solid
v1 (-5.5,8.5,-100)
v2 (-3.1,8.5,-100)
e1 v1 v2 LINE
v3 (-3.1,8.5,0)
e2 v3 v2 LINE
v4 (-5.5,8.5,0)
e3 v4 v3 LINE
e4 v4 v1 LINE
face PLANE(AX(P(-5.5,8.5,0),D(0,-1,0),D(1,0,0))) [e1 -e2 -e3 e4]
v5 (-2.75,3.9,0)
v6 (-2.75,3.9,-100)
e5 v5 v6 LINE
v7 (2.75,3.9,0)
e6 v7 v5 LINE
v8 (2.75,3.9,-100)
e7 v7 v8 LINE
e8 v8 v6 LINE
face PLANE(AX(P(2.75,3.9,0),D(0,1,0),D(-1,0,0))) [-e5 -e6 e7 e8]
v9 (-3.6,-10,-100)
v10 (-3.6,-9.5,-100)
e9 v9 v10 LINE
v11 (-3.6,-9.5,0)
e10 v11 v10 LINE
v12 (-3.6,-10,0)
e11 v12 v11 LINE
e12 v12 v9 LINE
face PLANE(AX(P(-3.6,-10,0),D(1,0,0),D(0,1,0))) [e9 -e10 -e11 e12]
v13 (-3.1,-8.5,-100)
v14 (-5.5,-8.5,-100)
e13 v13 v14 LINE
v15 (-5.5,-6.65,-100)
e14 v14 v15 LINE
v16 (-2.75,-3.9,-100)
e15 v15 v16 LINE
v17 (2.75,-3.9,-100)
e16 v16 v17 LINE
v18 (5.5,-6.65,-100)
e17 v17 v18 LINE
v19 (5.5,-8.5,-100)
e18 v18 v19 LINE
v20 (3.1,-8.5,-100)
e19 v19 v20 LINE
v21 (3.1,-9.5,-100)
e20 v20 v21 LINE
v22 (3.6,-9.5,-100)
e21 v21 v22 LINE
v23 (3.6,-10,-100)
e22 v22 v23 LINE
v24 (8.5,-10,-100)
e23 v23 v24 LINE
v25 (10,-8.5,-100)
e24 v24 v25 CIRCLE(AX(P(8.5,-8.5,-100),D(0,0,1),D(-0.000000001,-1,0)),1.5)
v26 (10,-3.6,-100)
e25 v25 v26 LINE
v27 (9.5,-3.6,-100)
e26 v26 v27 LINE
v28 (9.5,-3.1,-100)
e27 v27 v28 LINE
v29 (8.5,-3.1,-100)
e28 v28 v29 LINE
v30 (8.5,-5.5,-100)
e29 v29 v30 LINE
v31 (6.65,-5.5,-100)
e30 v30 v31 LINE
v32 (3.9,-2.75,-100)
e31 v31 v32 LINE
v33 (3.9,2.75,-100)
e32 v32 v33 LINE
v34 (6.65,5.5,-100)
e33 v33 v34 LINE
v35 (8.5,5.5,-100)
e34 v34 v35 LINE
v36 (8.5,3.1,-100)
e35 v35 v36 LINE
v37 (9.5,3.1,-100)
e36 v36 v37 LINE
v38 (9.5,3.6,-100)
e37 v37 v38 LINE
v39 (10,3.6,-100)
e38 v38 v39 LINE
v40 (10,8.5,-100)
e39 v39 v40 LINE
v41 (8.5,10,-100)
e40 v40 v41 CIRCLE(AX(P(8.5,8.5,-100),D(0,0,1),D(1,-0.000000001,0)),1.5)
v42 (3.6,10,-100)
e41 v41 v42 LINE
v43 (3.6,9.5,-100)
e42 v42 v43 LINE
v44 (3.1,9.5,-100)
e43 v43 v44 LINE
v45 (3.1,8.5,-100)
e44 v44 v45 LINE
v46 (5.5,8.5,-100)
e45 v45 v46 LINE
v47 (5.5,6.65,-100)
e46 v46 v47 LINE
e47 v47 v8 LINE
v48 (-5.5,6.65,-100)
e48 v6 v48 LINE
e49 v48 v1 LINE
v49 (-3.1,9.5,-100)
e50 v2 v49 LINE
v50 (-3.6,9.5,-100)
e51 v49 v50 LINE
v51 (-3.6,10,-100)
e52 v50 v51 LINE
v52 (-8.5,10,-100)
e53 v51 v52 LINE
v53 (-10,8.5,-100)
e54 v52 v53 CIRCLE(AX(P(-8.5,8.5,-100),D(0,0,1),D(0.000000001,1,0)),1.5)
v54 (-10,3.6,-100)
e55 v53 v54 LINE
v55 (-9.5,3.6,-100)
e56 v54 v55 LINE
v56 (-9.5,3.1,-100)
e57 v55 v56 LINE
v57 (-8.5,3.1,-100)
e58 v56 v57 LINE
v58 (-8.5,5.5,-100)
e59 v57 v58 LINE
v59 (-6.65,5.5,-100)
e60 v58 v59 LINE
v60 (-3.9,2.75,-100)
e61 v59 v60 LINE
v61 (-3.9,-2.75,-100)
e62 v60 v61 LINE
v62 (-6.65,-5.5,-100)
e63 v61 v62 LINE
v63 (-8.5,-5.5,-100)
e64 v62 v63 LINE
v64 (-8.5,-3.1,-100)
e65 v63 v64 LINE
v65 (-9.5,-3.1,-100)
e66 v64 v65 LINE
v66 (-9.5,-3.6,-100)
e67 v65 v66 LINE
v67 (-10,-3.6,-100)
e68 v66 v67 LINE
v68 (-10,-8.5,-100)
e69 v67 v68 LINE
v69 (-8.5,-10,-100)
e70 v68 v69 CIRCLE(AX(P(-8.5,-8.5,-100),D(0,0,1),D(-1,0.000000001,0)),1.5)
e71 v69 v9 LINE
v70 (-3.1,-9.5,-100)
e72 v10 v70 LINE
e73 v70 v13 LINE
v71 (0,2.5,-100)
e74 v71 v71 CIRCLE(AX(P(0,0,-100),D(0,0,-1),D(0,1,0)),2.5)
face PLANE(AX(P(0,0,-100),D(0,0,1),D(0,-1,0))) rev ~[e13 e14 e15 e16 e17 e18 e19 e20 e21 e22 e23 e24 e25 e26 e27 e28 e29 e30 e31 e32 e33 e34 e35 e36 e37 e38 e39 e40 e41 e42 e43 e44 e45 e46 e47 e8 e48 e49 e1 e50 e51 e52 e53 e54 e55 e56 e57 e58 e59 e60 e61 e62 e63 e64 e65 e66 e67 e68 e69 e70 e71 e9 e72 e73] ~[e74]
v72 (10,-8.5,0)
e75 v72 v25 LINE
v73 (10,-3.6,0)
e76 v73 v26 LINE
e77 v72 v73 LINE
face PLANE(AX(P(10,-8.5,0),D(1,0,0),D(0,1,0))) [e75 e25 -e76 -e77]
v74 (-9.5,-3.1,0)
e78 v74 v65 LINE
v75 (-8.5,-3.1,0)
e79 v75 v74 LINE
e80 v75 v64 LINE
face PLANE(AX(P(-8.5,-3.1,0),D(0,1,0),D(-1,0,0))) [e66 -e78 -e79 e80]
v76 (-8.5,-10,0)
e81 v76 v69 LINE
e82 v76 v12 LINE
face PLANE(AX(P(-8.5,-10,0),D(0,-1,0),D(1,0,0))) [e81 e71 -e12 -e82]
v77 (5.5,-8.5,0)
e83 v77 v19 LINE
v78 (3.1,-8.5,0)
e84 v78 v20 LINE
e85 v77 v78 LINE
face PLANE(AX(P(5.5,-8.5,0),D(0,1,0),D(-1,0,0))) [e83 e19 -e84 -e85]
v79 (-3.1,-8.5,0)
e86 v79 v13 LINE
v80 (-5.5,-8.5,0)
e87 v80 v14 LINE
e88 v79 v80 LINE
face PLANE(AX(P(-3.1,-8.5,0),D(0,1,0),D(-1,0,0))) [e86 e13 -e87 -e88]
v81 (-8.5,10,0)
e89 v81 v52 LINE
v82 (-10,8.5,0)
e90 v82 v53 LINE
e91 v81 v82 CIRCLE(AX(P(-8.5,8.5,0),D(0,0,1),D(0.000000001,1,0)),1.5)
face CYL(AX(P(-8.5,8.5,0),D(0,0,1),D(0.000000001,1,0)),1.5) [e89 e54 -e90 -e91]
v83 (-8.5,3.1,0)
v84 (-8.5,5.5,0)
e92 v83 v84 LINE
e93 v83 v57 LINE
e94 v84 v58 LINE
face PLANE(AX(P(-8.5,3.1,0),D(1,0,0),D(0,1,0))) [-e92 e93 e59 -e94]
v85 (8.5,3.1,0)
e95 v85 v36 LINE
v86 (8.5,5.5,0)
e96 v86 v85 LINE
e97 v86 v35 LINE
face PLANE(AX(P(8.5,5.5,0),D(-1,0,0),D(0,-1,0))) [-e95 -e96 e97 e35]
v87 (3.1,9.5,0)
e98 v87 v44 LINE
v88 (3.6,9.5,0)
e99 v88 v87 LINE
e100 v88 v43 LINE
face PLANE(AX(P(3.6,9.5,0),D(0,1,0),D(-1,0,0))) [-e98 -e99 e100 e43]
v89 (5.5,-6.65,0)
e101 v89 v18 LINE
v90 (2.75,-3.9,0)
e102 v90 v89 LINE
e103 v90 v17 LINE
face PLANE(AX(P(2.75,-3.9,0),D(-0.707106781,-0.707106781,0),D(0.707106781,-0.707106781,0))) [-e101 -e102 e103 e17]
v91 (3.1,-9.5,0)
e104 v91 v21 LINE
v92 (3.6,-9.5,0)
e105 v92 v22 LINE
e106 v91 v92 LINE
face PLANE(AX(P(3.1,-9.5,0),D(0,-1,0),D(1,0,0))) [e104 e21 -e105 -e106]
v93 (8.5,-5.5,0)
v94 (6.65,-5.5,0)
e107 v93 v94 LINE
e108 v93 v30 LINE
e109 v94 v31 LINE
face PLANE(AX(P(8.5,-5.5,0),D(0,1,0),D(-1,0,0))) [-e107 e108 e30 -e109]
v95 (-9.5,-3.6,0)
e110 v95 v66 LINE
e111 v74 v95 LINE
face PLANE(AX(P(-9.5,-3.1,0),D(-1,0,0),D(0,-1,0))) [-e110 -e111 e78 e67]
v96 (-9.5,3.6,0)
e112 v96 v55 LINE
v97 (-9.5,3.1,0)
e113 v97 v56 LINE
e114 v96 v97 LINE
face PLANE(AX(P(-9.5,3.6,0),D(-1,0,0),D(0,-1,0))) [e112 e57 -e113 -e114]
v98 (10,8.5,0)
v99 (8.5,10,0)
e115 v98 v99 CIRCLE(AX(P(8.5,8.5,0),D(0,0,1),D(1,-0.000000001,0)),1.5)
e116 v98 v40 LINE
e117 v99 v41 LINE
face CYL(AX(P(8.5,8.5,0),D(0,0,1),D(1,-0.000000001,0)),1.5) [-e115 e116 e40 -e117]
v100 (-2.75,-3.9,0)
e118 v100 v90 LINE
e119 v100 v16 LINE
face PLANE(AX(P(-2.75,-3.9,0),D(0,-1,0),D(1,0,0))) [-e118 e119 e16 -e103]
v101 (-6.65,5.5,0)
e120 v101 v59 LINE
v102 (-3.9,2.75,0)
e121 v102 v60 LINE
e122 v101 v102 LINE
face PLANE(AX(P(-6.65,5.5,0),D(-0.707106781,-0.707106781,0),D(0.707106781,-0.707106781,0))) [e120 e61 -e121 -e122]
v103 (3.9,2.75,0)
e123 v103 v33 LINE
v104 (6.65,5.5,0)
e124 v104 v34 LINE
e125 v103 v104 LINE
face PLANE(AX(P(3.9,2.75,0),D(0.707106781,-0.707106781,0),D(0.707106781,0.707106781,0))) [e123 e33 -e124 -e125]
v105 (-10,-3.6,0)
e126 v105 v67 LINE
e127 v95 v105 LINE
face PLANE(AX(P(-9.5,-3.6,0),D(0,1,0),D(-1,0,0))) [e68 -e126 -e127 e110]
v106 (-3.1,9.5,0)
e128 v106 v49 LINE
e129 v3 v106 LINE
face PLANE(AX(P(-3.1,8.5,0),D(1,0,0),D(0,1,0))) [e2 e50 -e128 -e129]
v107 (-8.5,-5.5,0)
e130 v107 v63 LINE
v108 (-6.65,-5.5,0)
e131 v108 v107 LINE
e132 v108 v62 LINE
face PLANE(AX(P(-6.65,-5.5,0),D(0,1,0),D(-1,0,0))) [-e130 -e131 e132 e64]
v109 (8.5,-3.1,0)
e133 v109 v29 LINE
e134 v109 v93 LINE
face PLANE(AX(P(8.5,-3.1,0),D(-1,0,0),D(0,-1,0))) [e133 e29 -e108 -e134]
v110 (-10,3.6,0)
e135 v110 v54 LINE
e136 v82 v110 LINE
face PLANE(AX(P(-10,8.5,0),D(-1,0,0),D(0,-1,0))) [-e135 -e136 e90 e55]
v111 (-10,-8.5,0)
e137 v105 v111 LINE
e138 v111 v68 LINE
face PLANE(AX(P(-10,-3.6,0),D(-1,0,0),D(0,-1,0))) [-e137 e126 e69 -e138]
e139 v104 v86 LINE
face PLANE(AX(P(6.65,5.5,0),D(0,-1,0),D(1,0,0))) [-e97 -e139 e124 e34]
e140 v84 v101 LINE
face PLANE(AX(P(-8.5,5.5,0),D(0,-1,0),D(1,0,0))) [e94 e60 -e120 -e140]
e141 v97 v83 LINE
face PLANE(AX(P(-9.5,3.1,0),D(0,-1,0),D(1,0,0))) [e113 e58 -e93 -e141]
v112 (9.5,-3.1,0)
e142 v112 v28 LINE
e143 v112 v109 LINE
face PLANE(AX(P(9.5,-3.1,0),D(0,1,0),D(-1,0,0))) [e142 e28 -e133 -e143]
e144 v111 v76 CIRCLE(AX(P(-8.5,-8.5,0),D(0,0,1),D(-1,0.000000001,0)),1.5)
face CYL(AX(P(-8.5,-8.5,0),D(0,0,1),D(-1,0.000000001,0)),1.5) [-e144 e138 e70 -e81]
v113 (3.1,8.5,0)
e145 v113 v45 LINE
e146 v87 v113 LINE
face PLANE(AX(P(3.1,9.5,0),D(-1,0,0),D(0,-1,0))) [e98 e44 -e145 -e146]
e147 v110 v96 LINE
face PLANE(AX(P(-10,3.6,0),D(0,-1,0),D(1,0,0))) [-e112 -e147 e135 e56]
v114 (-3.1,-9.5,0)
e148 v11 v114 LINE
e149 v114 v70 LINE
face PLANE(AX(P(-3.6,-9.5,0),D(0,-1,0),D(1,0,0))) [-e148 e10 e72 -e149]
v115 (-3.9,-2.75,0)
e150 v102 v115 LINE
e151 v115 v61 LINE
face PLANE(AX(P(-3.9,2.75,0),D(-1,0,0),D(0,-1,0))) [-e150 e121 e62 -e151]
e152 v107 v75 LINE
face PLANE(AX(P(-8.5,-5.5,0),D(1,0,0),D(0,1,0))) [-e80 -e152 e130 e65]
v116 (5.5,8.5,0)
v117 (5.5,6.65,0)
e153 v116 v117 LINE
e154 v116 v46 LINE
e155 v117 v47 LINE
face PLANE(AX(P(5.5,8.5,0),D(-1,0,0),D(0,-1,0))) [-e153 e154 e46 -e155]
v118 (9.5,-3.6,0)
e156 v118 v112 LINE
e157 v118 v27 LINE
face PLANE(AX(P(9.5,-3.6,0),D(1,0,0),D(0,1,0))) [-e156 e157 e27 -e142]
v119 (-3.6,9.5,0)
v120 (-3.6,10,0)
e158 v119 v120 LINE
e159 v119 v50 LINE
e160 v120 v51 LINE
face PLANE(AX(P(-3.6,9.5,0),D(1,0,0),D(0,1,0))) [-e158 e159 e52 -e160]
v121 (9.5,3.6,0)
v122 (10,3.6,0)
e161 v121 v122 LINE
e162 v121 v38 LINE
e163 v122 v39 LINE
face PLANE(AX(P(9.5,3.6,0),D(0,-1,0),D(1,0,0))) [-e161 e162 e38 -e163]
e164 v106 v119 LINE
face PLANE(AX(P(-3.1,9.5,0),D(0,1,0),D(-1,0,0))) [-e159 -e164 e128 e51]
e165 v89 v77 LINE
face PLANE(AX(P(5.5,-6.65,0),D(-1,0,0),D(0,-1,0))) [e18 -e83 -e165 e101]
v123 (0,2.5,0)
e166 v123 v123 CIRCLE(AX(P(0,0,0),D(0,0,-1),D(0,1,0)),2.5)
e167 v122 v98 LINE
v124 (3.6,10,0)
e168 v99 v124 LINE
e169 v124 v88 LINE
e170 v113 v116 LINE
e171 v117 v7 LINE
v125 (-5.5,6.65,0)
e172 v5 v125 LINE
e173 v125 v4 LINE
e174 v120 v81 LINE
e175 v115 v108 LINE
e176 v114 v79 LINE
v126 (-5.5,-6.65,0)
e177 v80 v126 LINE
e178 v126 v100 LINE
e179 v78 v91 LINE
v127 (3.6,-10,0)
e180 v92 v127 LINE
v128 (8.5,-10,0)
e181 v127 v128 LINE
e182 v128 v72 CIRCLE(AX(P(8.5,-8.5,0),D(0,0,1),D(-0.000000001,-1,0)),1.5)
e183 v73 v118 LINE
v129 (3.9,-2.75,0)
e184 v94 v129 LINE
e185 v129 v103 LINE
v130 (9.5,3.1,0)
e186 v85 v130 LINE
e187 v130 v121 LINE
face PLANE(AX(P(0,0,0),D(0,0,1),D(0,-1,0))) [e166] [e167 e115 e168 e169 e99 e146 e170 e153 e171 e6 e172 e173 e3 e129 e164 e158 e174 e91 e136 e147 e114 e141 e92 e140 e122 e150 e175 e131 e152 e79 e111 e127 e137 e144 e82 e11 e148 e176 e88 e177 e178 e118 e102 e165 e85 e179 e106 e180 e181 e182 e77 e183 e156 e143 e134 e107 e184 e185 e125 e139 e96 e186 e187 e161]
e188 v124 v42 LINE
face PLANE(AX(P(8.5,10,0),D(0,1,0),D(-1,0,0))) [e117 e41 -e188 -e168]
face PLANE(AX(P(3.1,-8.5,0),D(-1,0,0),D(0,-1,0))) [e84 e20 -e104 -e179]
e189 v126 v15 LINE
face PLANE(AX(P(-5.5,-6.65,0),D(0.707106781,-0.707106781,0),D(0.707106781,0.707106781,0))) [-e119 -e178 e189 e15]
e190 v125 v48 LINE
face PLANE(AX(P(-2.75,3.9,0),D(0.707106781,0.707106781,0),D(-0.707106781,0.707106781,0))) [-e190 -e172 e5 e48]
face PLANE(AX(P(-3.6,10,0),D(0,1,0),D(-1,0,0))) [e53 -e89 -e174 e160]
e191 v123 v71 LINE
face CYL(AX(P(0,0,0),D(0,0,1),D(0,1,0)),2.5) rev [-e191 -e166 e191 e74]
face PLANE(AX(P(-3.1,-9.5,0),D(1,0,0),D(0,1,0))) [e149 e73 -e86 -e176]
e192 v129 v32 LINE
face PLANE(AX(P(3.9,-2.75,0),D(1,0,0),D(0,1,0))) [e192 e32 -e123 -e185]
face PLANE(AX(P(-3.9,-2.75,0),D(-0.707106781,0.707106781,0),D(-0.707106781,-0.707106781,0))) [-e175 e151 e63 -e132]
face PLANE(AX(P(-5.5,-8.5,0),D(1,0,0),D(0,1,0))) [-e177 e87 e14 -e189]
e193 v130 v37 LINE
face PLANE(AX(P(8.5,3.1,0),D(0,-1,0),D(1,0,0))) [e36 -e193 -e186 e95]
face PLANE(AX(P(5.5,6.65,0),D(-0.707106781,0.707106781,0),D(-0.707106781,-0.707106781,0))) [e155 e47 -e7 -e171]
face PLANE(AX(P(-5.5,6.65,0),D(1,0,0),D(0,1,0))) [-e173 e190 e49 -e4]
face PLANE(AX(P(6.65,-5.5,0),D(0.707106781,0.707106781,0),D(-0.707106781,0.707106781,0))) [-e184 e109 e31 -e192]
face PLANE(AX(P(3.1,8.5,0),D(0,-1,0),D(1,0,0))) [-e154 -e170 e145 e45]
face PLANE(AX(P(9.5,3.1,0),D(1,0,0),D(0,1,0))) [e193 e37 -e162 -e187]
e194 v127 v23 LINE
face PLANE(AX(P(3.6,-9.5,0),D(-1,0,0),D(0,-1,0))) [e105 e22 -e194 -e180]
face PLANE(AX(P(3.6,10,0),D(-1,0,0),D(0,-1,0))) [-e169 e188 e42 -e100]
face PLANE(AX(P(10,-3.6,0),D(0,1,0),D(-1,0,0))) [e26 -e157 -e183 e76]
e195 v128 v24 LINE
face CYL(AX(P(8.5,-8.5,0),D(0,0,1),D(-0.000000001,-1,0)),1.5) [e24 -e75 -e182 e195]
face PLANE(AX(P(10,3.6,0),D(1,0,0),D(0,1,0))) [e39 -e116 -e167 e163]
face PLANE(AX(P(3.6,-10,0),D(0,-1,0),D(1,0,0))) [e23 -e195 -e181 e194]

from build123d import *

# Parameters (mm, degrees)
SKETCH1_R                = 2.5
F_20_X_20_X_R1_5_1_DEPTH = 100


with BuildPart() as part:
    # Sketch1 → 铝型材 20 X 20 X R1.5(1) (new body)
    with BuildSketch(Plane.YX):
        with BuildLine():
            Line((-3.6, 10), (-3.6, 9.5))
            Line((-3.6, 9.5), (-3.1, 9.5))
            Line((-3.1, 9.5), (-3.1, 8.5))
            Line((-3.1, 8.5), (-5.5, 8.5))
            Line((-5.5, 8.5), (-5.5, 6.65))
            Line((-5.5, 6.65), (-2.75, 3.9))
            Line((-2.75, 3.9), (2.75, 3.9))
            Line((2.75, 3.9), (5.5, 6.65))
            Line((5.5, 6.65), (5.5, 8.5))
            Line((5.5, 8.5), (3.1, 8.5))
            Line((3.1, 8.5), (3.1, 9.5))
            Line((3.1, 9.5), (3.6, 9.5))
            Line((3.6, 9.5), (3.6, 10))
            Line((3.6, 10), (8.5, 10))
            ThreePointArc((8.5, 10), (9.560660172, 9.560660172), (10, 8.5))
            Line((10, 8.5), (10, 3.6))
            Line((10, 3.6), (9.5, 3.6))
            Line((9.5, 3.6), (9.5, 3.1))
            Line((9.5, 3.1), (8.5, 3.1))
            Line((8.5, 3.1), (8.5, 5.5))
            Line((8.5, 5.5), (6.65, 5.5))
            Line((6.65, 5.5), (3.9, 2.75))
            Line((3.9, 2.75), (3.9, -2.75))
            Line((3.9, -2.75), (6.65, -5.5))
            Line((6.65, -5.5), (8.5, -5.5))
            Line((8.5, -5.5), (8.5, -3.1))
            Line((8.5, -3.1), (9.5, -3.1))
            Line((9.5, -3.1), (9.5, -3.6))
            Line((9.5, -3.6), (10, -3.6))
            Line((10, -3.6), (10, -8.5))
            ThreePointArc((10, -8.5), (9.560660172, -9.560660172), (8.5, -10))
            Line((8.5, -10), (3.6, -10))
            Line((3.6, -10), (3.6, -9.5))
            Line((3.6, -9.5), (3.1, -9.5))
            Line((3.1, -9.5), (3.1, -8.5))
            Line((3.1, -8.5), (5.5, -8.5))
            Line((5.5, -8.5), (5.5, -6.65))
            Line((5.5, -6.65), (2.75, -3.9))
            Line((2.75, -3.9), (-2.75, -3.9))
            Line((-2.75, -3.9), (-5.5, -6.65))
            Line((-5.5, -6.65), (-5.5, -8.5))
            Line((-5.5, -8.5), (-3.1, -8.5))
            Line((-3.1, -8.5), (-3.1, -9.5))
            Line((-3.1, -9.5), (-3.6, -9.5))
            Line((-3.6, -9.5), (-3.6, -10))
            Line((-3.6, -10), (-8.5, -10))
            ThreePointArc((-8.5, -10), (-9.560660172, -9.560660172), (-10, -8.5))
            Line((-10, -8.5), (-10, -3.6))
            Line((-10, -3.6), (-9.5, -3.6))
            Line((-9.5, -3.6), (-9.5, -3.1))
            Line((-9.5, -3.1), (-8.5, -3.1))
            Line((-8.5, -3.1), (-8.5, -5.5))
            Line((-8.5, -5.5), (-6.65, -5.5))
            Line((-6.65, -5.5), (-3.9, -2.75))
            Line((-3.9, -2.75), (-3.9, 2.75))
            Line((-3.9, 2.75), (-6.65, 5.5))
            Line((-6.65, 5.5), (-8.5, 5.5))
            Line((-8.5, 5.5), (-8.5, 3.1))
            Line((-8.5, 3.1), (-9.5, 3.1))
            Line((-9.5, 3.1), (-9.5, 3.6))
            Line((-9.5, 3.6), (-10, 3.6))
            Line((-10, 3.6), (-10, 8.5))
            ThreePointArc((-10, 8.5), (-9.560660172, 9.560660172), (-8.5, 10))
            Line((-8.5, 10), (-3.6, 10))
        make_face()
        Circle(SKETCH1_R, mode=Mode.SUBTRACT)
    extrude(amount=F_20_X_20_X_R1_5_1_DEPTH)


solid = part.part
